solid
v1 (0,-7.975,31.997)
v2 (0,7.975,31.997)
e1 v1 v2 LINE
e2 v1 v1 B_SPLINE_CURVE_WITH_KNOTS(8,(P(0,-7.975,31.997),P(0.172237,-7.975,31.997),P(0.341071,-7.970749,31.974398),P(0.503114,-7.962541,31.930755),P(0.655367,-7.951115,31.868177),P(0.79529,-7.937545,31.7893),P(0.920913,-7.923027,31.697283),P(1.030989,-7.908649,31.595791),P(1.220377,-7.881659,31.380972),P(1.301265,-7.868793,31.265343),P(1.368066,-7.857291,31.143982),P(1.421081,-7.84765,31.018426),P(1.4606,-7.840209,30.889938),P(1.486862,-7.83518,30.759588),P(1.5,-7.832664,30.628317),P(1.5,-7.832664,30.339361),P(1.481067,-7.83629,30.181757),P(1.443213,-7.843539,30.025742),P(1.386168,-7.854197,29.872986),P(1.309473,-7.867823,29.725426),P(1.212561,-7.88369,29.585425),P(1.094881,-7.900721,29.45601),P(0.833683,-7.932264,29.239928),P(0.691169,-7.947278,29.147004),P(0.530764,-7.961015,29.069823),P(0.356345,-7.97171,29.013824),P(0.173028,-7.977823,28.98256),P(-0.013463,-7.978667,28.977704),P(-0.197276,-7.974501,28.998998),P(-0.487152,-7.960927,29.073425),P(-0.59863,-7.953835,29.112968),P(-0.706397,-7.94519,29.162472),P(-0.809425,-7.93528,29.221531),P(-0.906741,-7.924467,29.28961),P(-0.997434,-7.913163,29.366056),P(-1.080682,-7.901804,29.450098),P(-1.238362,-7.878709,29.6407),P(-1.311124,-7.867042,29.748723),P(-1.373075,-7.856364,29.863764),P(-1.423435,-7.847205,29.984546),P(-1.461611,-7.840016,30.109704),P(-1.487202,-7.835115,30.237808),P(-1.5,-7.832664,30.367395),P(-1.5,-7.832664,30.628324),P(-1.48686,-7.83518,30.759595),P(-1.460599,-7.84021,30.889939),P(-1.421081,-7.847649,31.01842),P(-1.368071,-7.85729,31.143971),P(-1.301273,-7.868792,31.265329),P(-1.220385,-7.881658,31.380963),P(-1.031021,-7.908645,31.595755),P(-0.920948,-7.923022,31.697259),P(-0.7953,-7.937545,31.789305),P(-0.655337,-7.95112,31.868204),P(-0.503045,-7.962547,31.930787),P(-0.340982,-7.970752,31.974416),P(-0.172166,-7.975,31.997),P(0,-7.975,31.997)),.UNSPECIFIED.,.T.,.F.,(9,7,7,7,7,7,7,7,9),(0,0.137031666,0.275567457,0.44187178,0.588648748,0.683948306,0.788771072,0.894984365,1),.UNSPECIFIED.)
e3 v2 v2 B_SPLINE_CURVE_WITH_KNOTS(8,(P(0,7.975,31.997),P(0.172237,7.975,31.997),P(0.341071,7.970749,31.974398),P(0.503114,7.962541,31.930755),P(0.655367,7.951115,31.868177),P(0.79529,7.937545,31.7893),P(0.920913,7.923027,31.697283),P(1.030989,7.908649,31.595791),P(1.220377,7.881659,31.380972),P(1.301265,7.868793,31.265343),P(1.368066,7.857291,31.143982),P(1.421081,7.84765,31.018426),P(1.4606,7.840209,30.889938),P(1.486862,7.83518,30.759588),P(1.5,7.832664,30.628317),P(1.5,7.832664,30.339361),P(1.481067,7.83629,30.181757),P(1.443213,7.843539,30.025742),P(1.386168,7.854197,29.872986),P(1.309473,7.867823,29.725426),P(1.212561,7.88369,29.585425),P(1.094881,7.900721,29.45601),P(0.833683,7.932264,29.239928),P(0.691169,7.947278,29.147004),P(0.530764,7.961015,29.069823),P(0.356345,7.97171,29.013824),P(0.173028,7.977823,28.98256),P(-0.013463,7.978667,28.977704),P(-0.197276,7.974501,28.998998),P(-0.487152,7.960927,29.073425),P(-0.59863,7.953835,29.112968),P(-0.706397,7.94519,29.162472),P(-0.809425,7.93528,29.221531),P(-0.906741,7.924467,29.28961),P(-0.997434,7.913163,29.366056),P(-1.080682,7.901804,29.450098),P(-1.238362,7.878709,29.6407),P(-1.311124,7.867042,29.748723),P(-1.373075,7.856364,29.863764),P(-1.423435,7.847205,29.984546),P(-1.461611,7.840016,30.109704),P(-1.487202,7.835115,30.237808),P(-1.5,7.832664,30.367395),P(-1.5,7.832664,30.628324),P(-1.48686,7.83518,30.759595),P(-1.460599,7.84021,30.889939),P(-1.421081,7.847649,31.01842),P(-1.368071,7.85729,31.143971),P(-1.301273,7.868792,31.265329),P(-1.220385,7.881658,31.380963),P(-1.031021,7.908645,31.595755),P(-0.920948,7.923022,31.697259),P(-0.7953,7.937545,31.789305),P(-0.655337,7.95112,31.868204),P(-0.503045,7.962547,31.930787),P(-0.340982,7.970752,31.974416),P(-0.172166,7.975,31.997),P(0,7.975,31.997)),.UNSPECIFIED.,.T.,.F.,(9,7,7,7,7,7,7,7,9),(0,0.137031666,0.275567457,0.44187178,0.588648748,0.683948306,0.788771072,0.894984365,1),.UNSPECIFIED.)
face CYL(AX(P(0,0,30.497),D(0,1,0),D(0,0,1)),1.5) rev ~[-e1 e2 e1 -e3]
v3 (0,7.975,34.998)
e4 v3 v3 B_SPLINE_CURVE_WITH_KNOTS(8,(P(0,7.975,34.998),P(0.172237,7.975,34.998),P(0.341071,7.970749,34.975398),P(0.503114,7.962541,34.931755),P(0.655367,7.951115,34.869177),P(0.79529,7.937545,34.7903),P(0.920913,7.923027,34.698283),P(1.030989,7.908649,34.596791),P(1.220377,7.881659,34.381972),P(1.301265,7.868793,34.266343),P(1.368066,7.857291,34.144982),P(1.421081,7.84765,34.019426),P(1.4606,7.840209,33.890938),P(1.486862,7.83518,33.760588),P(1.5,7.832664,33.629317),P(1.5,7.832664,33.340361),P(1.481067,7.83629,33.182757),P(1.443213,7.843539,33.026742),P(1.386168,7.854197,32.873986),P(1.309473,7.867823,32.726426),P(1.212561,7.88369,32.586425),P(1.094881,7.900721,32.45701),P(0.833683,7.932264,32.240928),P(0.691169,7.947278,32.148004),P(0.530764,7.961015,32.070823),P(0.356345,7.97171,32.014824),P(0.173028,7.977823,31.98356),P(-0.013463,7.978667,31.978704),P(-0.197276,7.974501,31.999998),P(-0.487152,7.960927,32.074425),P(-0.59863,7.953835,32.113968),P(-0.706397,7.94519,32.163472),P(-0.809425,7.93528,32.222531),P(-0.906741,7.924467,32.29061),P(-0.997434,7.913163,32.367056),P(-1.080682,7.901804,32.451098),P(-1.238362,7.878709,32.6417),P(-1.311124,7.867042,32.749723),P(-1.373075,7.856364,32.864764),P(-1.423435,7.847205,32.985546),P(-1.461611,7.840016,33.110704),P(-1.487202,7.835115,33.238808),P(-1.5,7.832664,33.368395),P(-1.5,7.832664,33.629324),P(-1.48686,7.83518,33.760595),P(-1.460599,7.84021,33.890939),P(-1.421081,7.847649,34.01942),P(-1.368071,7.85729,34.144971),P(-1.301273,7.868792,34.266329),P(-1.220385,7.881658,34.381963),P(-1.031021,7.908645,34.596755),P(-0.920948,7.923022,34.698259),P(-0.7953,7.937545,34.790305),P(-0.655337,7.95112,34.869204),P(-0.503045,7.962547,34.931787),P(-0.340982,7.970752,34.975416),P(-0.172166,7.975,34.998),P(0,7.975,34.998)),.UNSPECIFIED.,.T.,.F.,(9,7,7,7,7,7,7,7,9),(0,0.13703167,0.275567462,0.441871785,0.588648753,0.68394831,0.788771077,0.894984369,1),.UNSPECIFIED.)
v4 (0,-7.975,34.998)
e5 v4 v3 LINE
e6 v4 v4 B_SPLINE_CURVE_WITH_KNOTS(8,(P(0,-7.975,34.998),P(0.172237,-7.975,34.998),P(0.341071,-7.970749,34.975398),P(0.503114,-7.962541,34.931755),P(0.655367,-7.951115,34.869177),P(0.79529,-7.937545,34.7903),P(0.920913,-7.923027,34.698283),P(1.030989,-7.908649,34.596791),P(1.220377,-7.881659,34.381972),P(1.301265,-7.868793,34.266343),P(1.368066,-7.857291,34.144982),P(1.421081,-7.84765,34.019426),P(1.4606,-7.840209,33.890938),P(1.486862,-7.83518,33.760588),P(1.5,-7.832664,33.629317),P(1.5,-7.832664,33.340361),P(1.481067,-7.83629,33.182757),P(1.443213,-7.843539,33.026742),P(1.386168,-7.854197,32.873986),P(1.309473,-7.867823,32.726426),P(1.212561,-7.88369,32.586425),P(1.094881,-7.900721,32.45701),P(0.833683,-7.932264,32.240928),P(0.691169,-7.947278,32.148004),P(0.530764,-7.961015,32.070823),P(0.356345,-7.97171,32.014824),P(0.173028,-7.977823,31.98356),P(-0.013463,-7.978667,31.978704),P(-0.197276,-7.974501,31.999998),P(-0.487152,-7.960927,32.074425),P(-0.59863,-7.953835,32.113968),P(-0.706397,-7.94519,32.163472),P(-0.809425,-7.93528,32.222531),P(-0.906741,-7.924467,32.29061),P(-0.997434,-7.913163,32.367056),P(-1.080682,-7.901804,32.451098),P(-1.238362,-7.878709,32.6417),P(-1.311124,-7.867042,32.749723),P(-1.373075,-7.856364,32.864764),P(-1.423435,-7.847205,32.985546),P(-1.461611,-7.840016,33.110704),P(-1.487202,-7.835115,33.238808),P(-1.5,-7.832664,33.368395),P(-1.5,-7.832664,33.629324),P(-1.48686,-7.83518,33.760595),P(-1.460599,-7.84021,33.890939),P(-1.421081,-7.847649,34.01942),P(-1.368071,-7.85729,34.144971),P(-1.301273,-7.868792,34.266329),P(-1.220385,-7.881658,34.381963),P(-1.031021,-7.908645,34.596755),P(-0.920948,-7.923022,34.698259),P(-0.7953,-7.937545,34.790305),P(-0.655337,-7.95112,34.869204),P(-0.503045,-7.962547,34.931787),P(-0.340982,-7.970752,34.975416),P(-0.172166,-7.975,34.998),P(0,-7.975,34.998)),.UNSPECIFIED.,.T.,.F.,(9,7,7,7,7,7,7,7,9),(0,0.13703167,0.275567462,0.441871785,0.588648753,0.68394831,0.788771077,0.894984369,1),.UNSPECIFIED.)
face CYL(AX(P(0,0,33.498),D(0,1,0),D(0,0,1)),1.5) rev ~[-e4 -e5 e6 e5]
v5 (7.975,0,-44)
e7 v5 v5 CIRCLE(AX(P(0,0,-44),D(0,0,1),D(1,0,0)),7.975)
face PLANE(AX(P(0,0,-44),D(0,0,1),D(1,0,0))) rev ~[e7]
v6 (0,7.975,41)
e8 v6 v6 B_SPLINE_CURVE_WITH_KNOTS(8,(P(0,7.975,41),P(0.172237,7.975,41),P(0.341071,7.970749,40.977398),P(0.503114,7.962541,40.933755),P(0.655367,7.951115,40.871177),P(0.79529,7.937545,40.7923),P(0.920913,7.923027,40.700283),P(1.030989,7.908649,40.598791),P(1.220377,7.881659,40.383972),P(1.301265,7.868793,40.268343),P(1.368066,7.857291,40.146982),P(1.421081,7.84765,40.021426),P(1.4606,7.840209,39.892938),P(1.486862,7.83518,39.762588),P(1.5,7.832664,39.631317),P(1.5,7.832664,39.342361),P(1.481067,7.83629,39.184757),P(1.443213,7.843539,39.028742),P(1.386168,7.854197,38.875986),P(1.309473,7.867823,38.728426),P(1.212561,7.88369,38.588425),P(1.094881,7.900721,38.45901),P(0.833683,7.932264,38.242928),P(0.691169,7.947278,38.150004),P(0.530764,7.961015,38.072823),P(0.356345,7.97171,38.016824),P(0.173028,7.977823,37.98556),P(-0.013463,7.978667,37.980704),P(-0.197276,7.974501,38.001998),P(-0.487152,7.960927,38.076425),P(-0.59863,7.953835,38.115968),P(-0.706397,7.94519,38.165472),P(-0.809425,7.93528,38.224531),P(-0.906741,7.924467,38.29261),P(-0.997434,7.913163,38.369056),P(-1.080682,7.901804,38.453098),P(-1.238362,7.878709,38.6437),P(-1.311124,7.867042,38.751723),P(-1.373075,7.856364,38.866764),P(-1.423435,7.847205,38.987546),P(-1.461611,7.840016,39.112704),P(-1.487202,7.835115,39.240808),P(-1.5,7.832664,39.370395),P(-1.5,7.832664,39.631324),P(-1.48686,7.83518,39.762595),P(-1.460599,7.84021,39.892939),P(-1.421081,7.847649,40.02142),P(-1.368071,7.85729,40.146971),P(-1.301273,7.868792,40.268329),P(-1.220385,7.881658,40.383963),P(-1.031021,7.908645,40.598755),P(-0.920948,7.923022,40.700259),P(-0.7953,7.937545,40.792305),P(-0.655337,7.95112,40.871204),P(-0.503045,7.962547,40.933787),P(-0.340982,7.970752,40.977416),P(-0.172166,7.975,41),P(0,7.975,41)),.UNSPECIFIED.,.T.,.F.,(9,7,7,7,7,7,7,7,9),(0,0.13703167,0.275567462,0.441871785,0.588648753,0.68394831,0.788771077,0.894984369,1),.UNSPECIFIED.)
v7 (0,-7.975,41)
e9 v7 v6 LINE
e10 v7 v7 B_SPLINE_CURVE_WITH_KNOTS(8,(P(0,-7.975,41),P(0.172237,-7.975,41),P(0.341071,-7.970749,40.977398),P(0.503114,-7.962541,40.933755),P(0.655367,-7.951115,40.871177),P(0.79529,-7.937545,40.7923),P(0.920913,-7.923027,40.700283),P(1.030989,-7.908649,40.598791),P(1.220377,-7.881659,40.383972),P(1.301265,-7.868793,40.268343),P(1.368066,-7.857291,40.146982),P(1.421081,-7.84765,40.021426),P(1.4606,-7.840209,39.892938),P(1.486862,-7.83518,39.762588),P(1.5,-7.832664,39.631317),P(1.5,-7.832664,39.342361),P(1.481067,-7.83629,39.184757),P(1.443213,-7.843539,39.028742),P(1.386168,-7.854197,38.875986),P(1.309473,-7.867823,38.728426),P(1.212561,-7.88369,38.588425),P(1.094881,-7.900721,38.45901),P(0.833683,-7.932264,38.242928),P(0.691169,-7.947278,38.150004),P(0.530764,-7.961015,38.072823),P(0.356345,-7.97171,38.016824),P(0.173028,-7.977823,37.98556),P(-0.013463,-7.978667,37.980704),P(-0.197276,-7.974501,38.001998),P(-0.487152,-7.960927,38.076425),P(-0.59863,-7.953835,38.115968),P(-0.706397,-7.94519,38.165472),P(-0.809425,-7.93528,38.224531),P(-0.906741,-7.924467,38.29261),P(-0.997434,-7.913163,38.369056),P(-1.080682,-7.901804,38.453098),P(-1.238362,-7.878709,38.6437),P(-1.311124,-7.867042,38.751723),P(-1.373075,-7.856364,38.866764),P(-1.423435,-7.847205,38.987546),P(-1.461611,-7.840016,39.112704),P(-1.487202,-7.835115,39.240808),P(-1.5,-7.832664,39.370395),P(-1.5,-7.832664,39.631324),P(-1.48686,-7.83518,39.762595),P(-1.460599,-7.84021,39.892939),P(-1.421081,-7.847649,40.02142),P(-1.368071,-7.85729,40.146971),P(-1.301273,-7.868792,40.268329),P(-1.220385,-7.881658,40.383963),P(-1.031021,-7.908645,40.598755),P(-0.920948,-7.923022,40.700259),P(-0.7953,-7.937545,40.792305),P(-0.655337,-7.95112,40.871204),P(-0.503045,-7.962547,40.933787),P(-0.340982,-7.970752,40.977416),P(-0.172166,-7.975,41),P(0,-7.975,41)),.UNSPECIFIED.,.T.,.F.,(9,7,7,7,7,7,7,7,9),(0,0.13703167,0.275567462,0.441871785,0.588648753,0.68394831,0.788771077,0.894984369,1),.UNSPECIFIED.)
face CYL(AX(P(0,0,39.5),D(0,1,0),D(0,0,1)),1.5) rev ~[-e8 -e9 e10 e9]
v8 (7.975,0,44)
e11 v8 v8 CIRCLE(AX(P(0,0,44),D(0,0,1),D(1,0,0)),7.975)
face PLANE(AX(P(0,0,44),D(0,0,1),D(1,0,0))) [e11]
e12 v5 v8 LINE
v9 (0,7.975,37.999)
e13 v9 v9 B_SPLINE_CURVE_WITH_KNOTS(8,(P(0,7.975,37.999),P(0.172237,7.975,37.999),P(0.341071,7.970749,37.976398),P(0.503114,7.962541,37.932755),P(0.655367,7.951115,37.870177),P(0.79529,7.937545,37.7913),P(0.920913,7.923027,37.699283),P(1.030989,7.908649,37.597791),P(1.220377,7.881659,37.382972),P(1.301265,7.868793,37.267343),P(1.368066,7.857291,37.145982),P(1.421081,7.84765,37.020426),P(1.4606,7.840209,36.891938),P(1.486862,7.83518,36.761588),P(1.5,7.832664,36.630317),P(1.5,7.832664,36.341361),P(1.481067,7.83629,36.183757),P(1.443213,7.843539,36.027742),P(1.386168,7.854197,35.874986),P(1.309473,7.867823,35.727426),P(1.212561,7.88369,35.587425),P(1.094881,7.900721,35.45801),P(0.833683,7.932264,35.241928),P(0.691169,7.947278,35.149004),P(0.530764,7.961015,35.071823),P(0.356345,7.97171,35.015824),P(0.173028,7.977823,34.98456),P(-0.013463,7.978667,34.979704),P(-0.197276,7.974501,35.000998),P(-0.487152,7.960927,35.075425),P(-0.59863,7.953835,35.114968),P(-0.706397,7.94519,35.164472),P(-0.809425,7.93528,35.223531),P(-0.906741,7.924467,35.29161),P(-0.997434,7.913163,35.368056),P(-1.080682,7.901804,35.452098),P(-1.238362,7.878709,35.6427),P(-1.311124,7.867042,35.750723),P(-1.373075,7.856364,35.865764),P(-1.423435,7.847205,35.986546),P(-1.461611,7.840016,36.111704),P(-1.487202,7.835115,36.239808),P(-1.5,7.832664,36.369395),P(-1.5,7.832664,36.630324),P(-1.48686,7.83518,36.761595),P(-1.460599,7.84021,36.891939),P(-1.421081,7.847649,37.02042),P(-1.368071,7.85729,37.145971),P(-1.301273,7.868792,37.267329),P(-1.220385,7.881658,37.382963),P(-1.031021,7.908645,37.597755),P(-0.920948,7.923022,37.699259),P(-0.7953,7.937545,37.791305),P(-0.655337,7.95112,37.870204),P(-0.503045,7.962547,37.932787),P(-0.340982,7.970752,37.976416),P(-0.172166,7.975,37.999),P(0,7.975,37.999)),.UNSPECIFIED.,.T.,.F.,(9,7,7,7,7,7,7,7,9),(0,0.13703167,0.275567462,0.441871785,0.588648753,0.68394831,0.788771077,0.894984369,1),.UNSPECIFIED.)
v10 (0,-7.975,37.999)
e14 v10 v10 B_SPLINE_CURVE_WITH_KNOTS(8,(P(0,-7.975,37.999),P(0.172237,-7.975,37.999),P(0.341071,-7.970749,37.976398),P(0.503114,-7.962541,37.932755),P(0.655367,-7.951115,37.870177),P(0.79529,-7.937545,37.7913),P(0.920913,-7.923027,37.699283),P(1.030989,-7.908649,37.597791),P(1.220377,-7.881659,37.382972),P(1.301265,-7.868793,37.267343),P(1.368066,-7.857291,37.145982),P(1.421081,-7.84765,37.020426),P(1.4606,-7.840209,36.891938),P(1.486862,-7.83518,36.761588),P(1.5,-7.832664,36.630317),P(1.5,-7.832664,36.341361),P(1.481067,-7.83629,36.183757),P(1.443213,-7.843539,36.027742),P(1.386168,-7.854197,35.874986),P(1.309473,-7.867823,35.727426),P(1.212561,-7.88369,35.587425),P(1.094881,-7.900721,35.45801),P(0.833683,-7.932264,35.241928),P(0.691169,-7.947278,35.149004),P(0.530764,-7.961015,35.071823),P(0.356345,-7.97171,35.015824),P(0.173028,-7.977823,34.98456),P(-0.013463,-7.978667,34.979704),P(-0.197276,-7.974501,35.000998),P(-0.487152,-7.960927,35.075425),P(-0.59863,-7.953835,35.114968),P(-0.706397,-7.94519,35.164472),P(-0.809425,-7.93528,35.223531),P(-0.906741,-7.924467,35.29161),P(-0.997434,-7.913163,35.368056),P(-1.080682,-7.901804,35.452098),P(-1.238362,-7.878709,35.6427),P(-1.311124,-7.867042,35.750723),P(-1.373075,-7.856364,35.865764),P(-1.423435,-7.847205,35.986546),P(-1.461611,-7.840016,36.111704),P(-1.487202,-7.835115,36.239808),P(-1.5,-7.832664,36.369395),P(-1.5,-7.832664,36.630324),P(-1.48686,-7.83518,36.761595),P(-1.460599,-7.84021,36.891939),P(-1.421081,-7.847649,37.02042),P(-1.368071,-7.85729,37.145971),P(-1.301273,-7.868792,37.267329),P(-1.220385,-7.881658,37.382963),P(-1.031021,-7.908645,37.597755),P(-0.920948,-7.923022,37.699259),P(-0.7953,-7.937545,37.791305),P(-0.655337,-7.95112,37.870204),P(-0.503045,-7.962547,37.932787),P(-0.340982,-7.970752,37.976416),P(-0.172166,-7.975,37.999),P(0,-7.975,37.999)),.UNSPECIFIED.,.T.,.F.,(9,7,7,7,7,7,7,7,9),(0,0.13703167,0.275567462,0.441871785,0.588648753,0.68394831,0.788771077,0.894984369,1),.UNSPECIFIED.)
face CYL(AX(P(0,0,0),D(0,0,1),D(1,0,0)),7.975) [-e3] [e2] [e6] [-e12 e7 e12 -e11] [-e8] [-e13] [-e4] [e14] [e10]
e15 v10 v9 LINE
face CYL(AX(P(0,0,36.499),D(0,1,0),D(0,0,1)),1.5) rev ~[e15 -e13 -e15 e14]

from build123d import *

# Parameters (mm, degrees)
SKETCH1_R               = 7.975
BOSS_EXTRUDE1_DEPTH     = 44
SKETCH2_R               = 1.5
CUT_EXTRUDE1_DEPTH      = 46.422475164
LPATTERN3_PLANET2_COUNT = 4
LPATTERN3_PLANET2_PITCH = 3.001


with BuildPart() as part:
    # Sketch1 → Boss-Extrude1 (new, symmetric)
    with BuildSketch(Plane.XY):
        Circle(SKETCH1_R)
    extrude(amount=BOSS_EXTRUDE1_DEPTH, both=True)

    # Sketch2 → Cut-Extrude1 (cut, symmetric)
    with BuildSketch(Plane(origin=(0, 0, 0), x_dir=(1, 0, 0), z_dir=(0, 1, 0))):
        with Locations(Location((0, -39.5, 0), (0, 0, 270))):
            Circle(SKETCH2_R)
    cut_extrude1 = extrude(amount=CUT_EXTRUDE1_DEPTH, both=True, mode=Mode.SUBTRACT)

    # LPattern3-Planet2: Cut-Extrude1 ×4
    with Locations(*[(0, 0, -i * LPATTERN3_PLANET2_PITCH) for i in range(1, LPATTERN3_PLANET2_COUNT)]):
        add(cut_extrude1, mode=Mode.SUBTRACT)


solid = part.part
